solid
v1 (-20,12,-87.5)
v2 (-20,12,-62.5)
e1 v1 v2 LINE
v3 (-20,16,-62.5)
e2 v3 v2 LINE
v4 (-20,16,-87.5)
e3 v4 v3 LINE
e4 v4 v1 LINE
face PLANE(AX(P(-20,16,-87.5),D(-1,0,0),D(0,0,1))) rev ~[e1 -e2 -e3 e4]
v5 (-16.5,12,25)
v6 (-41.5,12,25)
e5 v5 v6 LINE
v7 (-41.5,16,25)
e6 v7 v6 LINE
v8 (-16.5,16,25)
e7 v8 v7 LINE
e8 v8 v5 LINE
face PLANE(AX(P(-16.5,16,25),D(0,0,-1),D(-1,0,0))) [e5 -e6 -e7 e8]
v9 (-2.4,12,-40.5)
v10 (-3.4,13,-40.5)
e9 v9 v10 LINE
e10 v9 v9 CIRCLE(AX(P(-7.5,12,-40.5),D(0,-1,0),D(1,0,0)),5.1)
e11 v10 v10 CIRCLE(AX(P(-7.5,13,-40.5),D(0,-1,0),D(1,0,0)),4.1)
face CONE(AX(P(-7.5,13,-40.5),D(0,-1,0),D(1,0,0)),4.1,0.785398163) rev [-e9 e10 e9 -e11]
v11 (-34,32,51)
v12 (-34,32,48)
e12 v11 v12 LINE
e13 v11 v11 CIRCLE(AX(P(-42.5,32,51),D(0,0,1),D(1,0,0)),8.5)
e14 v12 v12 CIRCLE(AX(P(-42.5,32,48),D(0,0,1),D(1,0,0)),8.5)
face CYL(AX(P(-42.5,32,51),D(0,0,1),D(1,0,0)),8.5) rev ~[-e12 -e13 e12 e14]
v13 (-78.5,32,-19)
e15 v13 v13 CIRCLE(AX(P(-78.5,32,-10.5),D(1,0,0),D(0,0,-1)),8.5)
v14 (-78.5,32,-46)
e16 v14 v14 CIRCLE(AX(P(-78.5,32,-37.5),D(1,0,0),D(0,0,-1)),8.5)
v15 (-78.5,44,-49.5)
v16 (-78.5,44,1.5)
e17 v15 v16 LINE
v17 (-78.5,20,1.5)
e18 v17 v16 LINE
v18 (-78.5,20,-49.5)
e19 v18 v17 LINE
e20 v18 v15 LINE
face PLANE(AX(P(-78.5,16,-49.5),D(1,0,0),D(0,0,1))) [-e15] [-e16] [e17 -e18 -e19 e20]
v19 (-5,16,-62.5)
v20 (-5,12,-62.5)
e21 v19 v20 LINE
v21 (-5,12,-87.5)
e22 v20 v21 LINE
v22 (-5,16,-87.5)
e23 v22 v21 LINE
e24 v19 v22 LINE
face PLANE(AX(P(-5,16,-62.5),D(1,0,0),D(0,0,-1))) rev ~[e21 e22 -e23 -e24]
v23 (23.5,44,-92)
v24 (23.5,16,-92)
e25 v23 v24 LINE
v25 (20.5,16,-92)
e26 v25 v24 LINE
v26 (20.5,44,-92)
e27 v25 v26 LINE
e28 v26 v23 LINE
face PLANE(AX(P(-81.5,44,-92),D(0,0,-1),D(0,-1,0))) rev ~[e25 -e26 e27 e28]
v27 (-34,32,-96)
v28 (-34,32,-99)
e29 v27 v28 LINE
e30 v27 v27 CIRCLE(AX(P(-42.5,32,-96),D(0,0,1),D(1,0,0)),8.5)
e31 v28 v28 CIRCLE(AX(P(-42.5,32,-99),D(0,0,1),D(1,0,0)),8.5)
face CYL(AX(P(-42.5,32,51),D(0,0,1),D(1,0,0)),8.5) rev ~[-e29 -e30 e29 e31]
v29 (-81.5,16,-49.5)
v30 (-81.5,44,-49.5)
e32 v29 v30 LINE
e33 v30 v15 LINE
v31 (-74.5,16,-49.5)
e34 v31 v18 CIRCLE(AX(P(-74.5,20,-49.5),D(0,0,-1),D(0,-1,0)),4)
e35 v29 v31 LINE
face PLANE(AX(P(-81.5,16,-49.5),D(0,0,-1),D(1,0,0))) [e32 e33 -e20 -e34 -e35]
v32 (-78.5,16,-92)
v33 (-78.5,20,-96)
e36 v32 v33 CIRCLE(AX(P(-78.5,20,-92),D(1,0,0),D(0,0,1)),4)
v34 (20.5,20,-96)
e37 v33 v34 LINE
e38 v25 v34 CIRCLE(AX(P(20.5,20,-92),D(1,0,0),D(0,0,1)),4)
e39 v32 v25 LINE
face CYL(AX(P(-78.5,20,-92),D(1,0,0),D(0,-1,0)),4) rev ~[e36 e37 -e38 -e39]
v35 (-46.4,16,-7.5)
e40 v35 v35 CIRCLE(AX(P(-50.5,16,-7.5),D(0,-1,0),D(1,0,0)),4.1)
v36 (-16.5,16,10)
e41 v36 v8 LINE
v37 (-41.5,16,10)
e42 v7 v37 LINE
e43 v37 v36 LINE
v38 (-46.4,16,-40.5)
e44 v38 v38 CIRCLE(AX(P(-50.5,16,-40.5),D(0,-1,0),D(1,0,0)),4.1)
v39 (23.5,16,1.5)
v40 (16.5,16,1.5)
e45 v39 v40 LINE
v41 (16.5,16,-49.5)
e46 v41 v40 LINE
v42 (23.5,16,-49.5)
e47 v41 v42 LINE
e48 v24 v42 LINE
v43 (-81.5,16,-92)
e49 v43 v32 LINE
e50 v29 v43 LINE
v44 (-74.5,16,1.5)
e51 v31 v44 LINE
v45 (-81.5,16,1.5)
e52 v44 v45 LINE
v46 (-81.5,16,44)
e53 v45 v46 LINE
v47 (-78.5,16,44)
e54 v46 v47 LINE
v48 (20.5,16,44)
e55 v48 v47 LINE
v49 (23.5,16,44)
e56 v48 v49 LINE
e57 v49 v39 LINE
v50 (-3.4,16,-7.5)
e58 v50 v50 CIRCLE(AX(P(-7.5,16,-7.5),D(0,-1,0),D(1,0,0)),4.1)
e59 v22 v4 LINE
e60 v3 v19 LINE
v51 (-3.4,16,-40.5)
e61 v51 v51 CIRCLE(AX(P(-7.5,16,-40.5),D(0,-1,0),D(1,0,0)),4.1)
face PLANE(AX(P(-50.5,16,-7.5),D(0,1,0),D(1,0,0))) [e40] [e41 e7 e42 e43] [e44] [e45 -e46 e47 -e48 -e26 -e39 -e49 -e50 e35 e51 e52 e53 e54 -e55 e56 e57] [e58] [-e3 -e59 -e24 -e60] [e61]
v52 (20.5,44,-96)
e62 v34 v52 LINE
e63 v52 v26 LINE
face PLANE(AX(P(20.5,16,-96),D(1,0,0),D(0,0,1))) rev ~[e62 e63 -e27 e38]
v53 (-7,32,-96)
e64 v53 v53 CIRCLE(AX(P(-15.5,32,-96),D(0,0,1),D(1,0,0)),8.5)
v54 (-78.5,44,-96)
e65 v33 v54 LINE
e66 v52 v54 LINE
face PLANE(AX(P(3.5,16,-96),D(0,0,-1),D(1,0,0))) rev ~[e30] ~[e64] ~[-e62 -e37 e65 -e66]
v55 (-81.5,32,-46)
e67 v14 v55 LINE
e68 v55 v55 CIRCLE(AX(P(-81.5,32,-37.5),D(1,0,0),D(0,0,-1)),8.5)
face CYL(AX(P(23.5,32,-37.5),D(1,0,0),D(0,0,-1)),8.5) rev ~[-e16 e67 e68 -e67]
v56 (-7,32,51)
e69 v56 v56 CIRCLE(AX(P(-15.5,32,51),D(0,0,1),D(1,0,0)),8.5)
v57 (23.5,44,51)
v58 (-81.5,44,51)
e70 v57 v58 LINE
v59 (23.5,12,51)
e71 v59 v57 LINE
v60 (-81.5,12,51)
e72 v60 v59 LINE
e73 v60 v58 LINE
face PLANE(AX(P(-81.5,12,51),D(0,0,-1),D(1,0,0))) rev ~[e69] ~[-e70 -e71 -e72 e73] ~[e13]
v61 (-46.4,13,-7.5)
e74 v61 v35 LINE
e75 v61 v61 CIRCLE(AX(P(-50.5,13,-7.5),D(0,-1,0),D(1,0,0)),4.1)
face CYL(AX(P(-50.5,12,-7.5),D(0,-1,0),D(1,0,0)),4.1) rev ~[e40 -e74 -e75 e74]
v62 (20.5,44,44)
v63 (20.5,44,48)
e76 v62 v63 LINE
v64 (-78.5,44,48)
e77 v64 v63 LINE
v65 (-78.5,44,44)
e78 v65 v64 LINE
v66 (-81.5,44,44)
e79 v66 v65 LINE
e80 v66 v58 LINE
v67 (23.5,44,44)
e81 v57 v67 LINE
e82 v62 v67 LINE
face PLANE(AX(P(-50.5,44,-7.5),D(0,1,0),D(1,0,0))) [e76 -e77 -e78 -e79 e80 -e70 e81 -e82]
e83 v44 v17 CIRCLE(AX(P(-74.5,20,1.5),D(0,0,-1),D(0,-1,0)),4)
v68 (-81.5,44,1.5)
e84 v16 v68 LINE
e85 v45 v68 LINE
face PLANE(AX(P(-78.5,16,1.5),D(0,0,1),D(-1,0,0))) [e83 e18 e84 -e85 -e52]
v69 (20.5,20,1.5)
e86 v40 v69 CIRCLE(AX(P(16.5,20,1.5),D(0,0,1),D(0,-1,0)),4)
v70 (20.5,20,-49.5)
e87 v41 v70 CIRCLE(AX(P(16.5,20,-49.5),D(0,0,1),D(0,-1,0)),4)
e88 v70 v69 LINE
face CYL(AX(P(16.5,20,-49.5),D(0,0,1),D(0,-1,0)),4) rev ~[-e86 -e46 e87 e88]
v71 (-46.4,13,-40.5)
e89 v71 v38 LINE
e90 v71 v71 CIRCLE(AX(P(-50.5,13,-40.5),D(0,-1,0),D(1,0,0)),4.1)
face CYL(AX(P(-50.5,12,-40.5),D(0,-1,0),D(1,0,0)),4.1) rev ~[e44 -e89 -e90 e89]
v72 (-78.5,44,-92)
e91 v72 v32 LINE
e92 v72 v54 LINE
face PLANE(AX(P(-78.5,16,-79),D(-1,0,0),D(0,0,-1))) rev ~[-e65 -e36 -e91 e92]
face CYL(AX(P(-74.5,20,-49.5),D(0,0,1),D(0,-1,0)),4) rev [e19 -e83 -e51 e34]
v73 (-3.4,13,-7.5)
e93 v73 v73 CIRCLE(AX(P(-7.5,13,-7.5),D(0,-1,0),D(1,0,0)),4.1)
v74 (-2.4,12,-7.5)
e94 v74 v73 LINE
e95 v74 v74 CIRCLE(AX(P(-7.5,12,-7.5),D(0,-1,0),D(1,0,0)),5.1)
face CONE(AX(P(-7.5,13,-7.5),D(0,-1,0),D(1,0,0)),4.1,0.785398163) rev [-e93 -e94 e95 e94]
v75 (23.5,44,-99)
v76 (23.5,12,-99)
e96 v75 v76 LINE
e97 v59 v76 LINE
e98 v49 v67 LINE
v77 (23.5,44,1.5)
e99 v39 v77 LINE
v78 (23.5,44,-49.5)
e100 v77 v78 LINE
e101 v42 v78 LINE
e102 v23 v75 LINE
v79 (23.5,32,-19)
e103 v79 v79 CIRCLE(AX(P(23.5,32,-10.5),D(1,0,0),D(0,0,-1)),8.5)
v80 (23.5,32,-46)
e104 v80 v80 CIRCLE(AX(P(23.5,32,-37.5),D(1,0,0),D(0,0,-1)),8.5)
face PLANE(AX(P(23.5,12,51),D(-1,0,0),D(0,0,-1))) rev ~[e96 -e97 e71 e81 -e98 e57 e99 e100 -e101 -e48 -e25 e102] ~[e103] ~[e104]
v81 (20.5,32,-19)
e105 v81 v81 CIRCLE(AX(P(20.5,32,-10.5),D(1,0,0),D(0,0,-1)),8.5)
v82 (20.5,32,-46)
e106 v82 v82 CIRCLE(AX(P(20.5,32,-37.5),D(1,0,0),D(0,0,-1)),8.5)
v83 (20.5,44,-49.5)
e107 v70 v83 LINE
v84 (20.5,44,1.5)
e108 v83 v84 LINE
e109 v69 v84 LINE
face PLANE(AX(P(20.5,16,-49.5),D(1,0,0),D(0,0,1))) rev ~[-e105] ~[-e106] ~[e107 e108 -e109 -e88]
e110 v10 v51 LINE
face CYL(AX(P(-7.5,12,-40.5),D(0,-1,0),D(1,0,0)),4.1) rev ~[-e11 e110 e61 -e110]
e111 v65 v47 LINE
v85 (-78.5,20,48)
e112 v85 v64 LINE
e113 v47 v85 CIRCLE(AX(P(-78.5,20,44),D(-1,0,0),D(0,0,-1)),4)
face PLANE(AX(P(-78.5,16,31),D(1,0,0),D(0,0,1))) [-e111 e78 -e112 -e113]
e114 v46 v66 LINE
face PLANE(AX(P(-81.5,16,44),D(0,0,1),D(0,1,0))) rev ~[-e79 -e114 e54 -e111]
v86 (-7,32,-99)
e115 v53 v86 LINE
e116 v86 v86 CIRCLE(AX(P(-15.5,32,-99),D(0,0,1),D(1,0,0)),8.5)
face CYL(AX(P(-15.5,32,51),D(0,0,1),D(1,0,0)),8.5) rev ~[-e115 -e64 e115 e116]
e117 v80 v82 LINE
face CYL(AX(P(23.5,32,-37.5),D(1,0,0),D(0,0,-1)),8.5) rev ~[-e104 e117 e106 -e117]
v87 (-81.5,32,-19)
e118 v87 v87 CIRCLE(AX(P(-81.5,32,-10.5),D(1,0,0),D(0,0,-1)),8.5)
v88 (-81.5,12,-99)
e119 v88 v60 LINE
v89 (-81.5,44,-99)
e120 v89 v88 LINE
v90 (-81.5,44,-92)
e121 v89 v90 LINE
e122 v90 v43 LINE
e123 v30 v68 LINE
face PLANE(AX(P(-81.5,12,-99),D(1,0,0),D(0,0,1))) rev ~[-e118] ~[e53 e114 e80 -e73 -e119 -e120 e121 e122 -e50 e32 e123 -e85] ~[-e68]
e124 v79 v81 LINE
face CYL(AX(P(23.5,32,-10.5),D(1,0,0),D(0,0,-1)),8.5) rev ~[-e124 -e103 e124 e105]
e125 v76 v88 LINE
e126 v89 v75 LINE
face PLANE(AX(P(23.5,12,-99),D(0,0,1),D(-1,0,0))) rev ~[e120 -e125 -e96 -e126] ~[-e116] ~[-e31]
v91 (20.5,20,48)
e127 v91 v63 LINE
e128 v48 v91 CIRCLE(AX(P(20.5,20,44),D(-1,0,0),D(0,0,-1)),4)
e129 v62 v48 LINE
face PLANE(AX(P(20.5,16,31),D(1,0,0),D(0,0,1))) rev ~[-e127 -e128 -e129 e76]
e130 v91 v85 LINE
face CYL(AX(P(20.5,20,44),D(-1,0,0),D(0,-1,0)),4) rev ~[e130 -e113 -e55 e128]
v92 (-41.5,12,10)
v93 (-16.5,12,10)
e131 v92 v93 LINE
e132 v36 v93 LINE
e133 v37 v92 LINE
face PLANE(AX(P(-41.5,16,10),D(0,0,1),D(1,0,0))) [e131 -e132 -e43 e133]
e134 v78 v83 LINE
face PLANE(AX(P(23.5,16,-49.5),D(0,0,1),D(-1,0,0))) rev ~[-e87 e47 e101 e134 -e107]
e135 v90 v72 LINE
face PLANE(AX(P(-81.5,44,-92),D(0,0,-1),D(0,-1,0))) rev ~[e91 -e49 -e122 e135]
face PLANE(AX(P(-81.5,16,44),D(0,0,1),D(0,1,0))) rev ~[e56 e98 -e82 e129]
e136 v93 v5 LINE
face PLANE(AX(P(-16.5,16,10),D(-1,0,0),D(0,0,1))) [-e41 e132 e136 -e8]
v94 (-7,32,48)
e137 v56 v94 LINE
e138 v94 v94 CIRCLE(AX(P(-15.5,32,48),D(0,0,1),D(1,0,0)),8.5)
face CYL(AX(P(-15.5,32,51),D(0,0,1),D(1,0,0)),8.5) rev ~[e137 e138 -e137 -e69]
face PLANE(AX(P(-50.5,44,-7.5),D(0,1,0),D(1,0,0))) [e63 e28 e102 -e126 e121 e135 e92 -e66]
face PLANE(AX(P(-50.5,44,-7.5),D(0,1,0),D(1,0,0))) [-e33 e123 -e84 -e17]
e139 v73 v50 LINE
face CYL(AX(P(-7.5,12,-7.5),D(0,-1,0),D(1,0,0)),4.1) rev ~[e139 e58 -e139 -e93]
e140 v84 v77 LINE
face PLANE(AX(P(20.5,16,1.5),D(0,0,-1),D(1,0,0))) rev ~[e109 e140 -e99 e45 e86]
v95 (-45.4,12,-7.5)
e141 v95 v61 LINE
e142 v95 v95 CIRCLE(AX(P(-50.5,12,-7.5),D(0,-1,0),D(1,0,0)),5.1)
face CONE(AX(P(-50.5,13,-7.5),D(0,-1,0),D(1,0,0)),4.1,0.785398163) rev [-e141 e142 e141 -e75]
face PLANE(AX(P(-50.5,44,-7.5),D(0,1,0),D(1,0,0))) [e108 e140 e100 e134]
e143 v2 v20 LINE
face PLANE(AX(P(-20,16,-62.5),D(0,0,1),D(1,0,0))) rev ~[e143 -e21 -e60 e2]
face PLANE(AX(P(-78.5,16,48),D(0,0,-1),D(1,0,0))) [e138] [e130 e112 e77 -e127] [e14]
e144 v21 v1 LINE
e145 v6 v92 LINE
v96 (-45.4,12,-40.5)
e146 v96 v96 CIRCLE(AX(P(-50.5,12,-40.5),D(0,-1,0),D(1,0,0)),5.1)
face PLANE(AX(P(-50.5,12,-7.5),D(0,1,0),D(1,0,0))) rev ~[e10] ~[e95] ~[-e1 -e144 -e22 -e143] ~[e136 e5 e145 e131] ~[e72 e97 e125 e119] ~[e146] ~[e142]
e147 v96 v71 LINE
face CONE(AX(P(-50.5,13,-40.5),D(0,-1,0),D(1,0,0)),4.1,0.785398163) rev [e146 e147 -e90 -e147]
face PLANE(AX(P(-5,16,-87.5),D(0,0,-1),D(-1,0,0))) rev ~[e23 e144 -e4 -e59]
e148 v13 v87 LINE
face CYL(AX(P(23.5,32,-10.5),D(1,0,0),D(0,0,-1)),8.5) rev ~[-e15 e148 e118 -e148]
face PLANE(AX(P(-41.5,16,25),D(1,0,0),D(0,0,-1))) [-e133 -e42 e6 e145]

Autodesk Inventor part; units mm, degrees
ref_plane "YZ Plane" through (0, 0, 0) normal (1, 0, 0) x (0, 1, 0)
ref_plane "XZ Plane" through (0, 0, 0) normal (0, 1, 0) x (-1, 0, 0)
ref_plane "XY Plane" through (0, 0, 0) normal (0, 0, 1) x (1, 0, 0)
sketch "Sketch1" plane through (0, 0, 0) normal (0, 1, 0) x (-1, 0, 0)
  line L0 (0, 0) -> (58, 0) construction
  line L1 (58, 0) -> (58, -48) construction
  line L2 (58, -48) -> (0, -48) construction
  line L3 (0, -48) -> (0, 0) construction
  circle A0 centre (50.5, -7.5) radius 2.35
  circle A1 centre (50.5, -40.5) radius 2.35
  circle A2 centre (7.5, -7.5) radius 2.35
  circle A3 centre (7.5, -40.5) radius 2.35
  circle A4 centre (50.5, -7.5) radius 5
  circle A5 centre (50.5, -40.5) radius 5
  circle A6 centre (7.5, -7.5) radius 5
  circle A7 centre (7.5, -40.5) radius 5
  dimension "d0" = 58
  dimension "d1" = 48
  dimension "d2" = 4.7
  dimension "d3" = 4.7
  dimension "d4" = 4.7
  dimension "d5" = 4.7
  dimension "d6" = 33
  dimension "d7" = 43
  dimension "d8" = 7.5
  dimension "d9" = 7.5
  dimension "d10" = 7.5
  dimension "d11" = 7.5
  dimension "d12" = 7.5
  dimension "d13" = 7.5
  dimension "d14" = 10
  dimension "d15" = 10
  dimension "d16" = 10
  dimension "d17" = 10
extrude "Extrusion1" add sketch "Sketch1" along normal blind 12
sketch "Sketch2" plane through (-50.5, 12, -7.5) normal (0, 1, 0) x (1, 0, 0)
  line L0 (-31, -58.5) -> (74, -58.5)
  line L1 (74, -58.5) -> (74, 91.5)
  line L2 (74, 91.5) -> (-31, 91.5)
  line L3 (-31, 91.5) -> (-31, -58.5)
  circle A0 centre (0, 0) radius 2.35 projected
  circle A1 centre (0, 33) radius 2.35 projected
  circle A2 centre (43, 33) radius 2.35 projected
  circle A3 centre (43, 0) radius 2.35 projected
  circle A4 centre (43, 0) radius 2.35
  point P0 (50.5, -7.5)
  dimension "d20" = 105
  dimension "d21" = 150
  dimension "d22" = 58.5
  dimension "d23" = 31
extrude "Extrusion3" add sketch "Sketch2" along normal blind 4
sketch "Sketch3" plane through (-50.5, 16, -7.5) normal (0, 1, 0) x (1, 0, 0)
  line L0 (-31, 91.5) -> (-31, -58.5) projected
  line L1 (-31, -58.5) -> (-31, -38.5)
  line L2 (-31, -38.5) -> (-28, -38.5)
  line L3 (-28, -38.5) -> (-28, -55.5)
  line L4 (-28, -55.5) -> (-11, -55.5)
  line L5 (-11, -58.5) -> (-31, -58.5)
  line L6 (-28, 88.5) -> (-11, 88.5)
  line L7 (74, -58.5) -> (74, 91.5) projected
  line L8 (74, 91.5) -> (54, 91.5)
  line L9 (71, 71.5) -> (74, 71.5)
  line L10 (74, 71.5) -> (74, 91.5)
  line L11 (74, -58.5) -> (74, -38.5)
  line L12 (74, -38.5) -> (71, -38.5)
  line L13 (71, -38.5) -> (71, -55.5)
  line L14 (71, -55.5) -> (54, -55.5)
  line L15 (54, -58.5) -> (74, -58.5)
  line L16 (74, 91.5) -> (-31, 91.5) projected
  line L17 (54, 88.5) -> (71, 88.5)
  line L18 (71, 88.5) -> (71, 71.5)
  line L19 (-11, 91.5) -> (-31, 91.5)
  line L20 (-31, 91.5) -> (-31, 71.5)
  line L21 (-31, 71.5) -> (-28, 71.5)
  line L22 (-28, 71.5) -> (-28, 88.5)
  line L23 (-11, -55.5) -> (54, -55.5)
  line L24 (54, -58.5) -> (-11, -58.5)
  line L25 (-11, 91.5) -> (54, 91.5)
  line L26 (54, 88.5) -> (-11, 88.5)
  point P0 (50.5, -7.5)
  dimension "d28" = 20
  dimension "d48" = 20
  dimension "d49" = 3
  dimension "d50" = 3
  dimension "d51" = 3
  dimension "d52" = 3
  dimension "d53" = 20
  dimension "d55" = 20
  dimension "d56" = 20
  dimension "d57" = 3
  dimension "d69" = 20
  dimension "d95" = 17
  dimension "d96" = 65
  dimension "d102" = 3
  dimension "d103" = 17
  dimension "d104" = 65
  dimension "d105" = 17
extrude "Extrusion4" add sketch "Sketch3" along normal blind 28 contours L16 L8 L7 L9 L18 L17 L26 L6 L22 L21 L0 | L2 L3 L4 L23 L14 L13 L12 L7 L15 L24 L5 L0
sketch "Sketch4" plane through (-81.5, 12, 51) normal (0, 0, 1) x (1, 0, 0)
  line L0 (0, 0) -> (0, 32) projected
  line L1 (0, 0) -> (100, 0)
  line L2 (100, 0) -> (100, -15)
  line L3 (100, -15) -> (0, -15)
  line L4 (0, -15) -> (0, 0)
  point P0 (81.5, -12)
  dimension "d59" = 100
  dimension "d60" = 15
extrude "remove legs" cut sketch "Sketch4" against normal through all
sketch "Sketch5" plane through (-50.5, 12, -7.5) normal (0, -1, 0) x (1, 0, 0)
  circle A0 centre (0, 0) radius 2.35 projected
  circle A1 centre (0, 0) radius 4.1
  circle A2 centre (43, 0) radius 2.35 projected
  circle A3 centre (43, 0) radius 4.1
  circle A4 centre (43, -33) radius 2.35 projected
  circle A5 centre (43, -33) radius 4.1
  circle A6 centre (0, -33) radius 2.35 projected
  circle A7 centre (0, -33) radius 4.1
  circle A8 centre (0, 0) radius 2.35
  circle A9 centre (43, 0) radius 2.35
  circle A10 centre (43, -33) radius 2.35
  circle A11 centre (0, -33) radius 2.35
  point P0 (50.5, 7.5)
  dimension "d63" = 8.2
  dimension "d64" = 8.2
  dimension "d65" = 8.2
  dimension "d66" = 8.2
extrude "Extrusion6" cut sketch "Sketch5" against normal blind 4
sketch "Sketch6" plane through (-50.5, 16, -7.5) normal (0, 1, 0) x (1, 0, 0)
  line L0 (9, -17.5) -> (34, -17.5)
  line L1 (34, -17.5) -> (34, -32.5)
  line L2 (34, -32.5) -> (9, -32.5)
  line L3 (9, -32.5) -> (9, -17.5)
  line L4 (30.5, 55) -> (45.5, 55)
  line L5 (45.5, 55) -> (45.5, 80)
  line L6 (45.5, 80) -> (30.5, 80)
  line L7 (30.5, 80) -> (30.5, 55)
  circle A0 centre (43, 33) radius 4.1 construction
  circle A1 centre (0, 33) radius 4.1 construction
  circle A2 centre (0, 0) radius 4.1 construction
  circle A3 centre (43, 0) radius 4.1 construction
  point P0 (50.5, -7.5)
  dimension "d72" = 25
  dimension "d73" = 15
  dimension "d74" = 15
  dimension "d75" = 25
  dimension "d76" = 22
  dimension "d77" = 2.5
  dimension "d78" = 9
  dimension "d79" = 17.5
extrude "Extrusion7" cut sketch "Sketch6" against normal blind 10
chamfer "Chamfer1" distance 1 angle 45 4 edges at (-11.6, 12, -7.5) (-11.6, 12, -40.5) (-54.6, 12, -40.5) (-54.6, 12, -7.5)
sketch "Sketch7" plane through (-50.5, 16, -7.5) normal (0, 1, 0) x (1, 0, 0)
  line L0 (74, -38.5) -> (74, 71.5) projected
  line L1 (74, 42) -> (71, 42)
  line L2 (71, 42) -> (71, -9)
  line L3 (71, -9) -> (74, -9)
  line L4 (74, -9) -> (74, 42)
  line L5 (-31, 71.5) -> (-31, -38.5) projected
  line L6 (-31, 42) -> (-28, 42)
  line L7 (-28, 42) -> (-28, -9)
  line L8 (-28, -9) -> (-31, -9)
  line L9 (-31, -9) -> (-31, 42)
  line L10 (-31, -58.5) -> (74, -58.5) projected
  point P0 (50.5, -7.5)
  point P1 (74, -28.5)
  point P2 (74, 61.5)
  point P3 (-31, 67.5)
  point P4 (-31, -28.5)
  point P5 (72.5, 42)
  point P6 (-29.5, 42)
  point P7 (-31, -9)
  point P8 (74, -48.5)
  point P9 (-31, -48.5)
  dimension "d88" = 3
  dimension "d89" = 51
  dimension "d91" = 3
  dimension "d92" = 51
  dimension "d116" = 49.5
sketch "Sketch8" plane through (23.5, 12, 51) normal (1, 0, 0) x (0, 0, -1)
  circle A0 centre (61.5, 20) radius 8.5
  circle A1 centre (88.5, 20) radius 8.5
  line L0 (0, 0) -> (150, 0) projected
  line L1 (0, 0) -> (0, 32) projected
  point P0 (51, -12)
  dimension "d106" = 17
  dimension "d107" = 17
  dimension "d108" = 27
  dimension "d109" = 20
  dimension "d119" = 61.5
sketch "Sketch9" plane through (-81.5, 12, 51) normal (0, 0, 1) x (1, 0, 0)
  circle A0 centre (39, 20) radius 8.5
  circle A1 centre (66, 20) radius 8.5
  line L0 (0, 0) -> (105, 0) projected
  line L1 (0, 0) -> (0, 32) projected
  point P0 (81.5, -12)
  dimension "d113" = 17
  dimension "d114" = 17
  dimension "d115" = 20
  dimension "d124" = 20
  dimension "d125" = 39
  dimension "d126" = 27
extrude "Extrusion10" add sketch "Sketch7" along normal blind 28
extrude "Extrusion11" cut sketch "Sketch8" against normal through all
extrude "Extrusion12" cut sketch "Sketch9" against normal through all
sketch "Sketch11" plane through (-81.5, 12, -99) normal (-1, 0, 0) x (0, 0, 1)
  line L0 (20, 32) -> (3, 32) projected
  line L1 (3, 4) -> (20, 4) projected
  line L2 (20, 32) -> (7, 32)
  line L3 (7, 32) -> (7, 4)
  line L4 (7, 4) -> (20, 4)
  line L5 (20, 4) -> (20, 32)
  point P0 (99, -12)
  point P1 (20, 4)
  point P2 (7, 32)
  dimension "d127" = 13
extrude "Extrusion13" cut sketch "Sketch11" against normal through all
fillet "Fillet3" radius 4 2 edges at (20.5, 16, -24) (-78.5, 16, -24)
fillet "Fillet4" radius 4 2 edges at (-29, 16, -96) (-29, 16, 48)
sketch "Sketch12" plane through (-81.5, 12, -99) normal (-1, 0, 0) x (0, 0, 1)
  line L0 (100.5, 4) -> (130, 4) projected
  line L1 (130, 32) -> (150, 32) projected
  line L2 (130, 4) -> (143, 4)
  line L3 (143, 4) -> (143, 32)
  line L4 (143, 32) -> (130, 32)
  line L5 (130, 32) -> (130, 4)
  point P0 (99, -12)
  point P1 (130, 18)
  dimension "d132" = 13
extrude "Extrusion14" cut sketch "Sketch12" against normal through all
properties part number "TestingPlatform_base01"
